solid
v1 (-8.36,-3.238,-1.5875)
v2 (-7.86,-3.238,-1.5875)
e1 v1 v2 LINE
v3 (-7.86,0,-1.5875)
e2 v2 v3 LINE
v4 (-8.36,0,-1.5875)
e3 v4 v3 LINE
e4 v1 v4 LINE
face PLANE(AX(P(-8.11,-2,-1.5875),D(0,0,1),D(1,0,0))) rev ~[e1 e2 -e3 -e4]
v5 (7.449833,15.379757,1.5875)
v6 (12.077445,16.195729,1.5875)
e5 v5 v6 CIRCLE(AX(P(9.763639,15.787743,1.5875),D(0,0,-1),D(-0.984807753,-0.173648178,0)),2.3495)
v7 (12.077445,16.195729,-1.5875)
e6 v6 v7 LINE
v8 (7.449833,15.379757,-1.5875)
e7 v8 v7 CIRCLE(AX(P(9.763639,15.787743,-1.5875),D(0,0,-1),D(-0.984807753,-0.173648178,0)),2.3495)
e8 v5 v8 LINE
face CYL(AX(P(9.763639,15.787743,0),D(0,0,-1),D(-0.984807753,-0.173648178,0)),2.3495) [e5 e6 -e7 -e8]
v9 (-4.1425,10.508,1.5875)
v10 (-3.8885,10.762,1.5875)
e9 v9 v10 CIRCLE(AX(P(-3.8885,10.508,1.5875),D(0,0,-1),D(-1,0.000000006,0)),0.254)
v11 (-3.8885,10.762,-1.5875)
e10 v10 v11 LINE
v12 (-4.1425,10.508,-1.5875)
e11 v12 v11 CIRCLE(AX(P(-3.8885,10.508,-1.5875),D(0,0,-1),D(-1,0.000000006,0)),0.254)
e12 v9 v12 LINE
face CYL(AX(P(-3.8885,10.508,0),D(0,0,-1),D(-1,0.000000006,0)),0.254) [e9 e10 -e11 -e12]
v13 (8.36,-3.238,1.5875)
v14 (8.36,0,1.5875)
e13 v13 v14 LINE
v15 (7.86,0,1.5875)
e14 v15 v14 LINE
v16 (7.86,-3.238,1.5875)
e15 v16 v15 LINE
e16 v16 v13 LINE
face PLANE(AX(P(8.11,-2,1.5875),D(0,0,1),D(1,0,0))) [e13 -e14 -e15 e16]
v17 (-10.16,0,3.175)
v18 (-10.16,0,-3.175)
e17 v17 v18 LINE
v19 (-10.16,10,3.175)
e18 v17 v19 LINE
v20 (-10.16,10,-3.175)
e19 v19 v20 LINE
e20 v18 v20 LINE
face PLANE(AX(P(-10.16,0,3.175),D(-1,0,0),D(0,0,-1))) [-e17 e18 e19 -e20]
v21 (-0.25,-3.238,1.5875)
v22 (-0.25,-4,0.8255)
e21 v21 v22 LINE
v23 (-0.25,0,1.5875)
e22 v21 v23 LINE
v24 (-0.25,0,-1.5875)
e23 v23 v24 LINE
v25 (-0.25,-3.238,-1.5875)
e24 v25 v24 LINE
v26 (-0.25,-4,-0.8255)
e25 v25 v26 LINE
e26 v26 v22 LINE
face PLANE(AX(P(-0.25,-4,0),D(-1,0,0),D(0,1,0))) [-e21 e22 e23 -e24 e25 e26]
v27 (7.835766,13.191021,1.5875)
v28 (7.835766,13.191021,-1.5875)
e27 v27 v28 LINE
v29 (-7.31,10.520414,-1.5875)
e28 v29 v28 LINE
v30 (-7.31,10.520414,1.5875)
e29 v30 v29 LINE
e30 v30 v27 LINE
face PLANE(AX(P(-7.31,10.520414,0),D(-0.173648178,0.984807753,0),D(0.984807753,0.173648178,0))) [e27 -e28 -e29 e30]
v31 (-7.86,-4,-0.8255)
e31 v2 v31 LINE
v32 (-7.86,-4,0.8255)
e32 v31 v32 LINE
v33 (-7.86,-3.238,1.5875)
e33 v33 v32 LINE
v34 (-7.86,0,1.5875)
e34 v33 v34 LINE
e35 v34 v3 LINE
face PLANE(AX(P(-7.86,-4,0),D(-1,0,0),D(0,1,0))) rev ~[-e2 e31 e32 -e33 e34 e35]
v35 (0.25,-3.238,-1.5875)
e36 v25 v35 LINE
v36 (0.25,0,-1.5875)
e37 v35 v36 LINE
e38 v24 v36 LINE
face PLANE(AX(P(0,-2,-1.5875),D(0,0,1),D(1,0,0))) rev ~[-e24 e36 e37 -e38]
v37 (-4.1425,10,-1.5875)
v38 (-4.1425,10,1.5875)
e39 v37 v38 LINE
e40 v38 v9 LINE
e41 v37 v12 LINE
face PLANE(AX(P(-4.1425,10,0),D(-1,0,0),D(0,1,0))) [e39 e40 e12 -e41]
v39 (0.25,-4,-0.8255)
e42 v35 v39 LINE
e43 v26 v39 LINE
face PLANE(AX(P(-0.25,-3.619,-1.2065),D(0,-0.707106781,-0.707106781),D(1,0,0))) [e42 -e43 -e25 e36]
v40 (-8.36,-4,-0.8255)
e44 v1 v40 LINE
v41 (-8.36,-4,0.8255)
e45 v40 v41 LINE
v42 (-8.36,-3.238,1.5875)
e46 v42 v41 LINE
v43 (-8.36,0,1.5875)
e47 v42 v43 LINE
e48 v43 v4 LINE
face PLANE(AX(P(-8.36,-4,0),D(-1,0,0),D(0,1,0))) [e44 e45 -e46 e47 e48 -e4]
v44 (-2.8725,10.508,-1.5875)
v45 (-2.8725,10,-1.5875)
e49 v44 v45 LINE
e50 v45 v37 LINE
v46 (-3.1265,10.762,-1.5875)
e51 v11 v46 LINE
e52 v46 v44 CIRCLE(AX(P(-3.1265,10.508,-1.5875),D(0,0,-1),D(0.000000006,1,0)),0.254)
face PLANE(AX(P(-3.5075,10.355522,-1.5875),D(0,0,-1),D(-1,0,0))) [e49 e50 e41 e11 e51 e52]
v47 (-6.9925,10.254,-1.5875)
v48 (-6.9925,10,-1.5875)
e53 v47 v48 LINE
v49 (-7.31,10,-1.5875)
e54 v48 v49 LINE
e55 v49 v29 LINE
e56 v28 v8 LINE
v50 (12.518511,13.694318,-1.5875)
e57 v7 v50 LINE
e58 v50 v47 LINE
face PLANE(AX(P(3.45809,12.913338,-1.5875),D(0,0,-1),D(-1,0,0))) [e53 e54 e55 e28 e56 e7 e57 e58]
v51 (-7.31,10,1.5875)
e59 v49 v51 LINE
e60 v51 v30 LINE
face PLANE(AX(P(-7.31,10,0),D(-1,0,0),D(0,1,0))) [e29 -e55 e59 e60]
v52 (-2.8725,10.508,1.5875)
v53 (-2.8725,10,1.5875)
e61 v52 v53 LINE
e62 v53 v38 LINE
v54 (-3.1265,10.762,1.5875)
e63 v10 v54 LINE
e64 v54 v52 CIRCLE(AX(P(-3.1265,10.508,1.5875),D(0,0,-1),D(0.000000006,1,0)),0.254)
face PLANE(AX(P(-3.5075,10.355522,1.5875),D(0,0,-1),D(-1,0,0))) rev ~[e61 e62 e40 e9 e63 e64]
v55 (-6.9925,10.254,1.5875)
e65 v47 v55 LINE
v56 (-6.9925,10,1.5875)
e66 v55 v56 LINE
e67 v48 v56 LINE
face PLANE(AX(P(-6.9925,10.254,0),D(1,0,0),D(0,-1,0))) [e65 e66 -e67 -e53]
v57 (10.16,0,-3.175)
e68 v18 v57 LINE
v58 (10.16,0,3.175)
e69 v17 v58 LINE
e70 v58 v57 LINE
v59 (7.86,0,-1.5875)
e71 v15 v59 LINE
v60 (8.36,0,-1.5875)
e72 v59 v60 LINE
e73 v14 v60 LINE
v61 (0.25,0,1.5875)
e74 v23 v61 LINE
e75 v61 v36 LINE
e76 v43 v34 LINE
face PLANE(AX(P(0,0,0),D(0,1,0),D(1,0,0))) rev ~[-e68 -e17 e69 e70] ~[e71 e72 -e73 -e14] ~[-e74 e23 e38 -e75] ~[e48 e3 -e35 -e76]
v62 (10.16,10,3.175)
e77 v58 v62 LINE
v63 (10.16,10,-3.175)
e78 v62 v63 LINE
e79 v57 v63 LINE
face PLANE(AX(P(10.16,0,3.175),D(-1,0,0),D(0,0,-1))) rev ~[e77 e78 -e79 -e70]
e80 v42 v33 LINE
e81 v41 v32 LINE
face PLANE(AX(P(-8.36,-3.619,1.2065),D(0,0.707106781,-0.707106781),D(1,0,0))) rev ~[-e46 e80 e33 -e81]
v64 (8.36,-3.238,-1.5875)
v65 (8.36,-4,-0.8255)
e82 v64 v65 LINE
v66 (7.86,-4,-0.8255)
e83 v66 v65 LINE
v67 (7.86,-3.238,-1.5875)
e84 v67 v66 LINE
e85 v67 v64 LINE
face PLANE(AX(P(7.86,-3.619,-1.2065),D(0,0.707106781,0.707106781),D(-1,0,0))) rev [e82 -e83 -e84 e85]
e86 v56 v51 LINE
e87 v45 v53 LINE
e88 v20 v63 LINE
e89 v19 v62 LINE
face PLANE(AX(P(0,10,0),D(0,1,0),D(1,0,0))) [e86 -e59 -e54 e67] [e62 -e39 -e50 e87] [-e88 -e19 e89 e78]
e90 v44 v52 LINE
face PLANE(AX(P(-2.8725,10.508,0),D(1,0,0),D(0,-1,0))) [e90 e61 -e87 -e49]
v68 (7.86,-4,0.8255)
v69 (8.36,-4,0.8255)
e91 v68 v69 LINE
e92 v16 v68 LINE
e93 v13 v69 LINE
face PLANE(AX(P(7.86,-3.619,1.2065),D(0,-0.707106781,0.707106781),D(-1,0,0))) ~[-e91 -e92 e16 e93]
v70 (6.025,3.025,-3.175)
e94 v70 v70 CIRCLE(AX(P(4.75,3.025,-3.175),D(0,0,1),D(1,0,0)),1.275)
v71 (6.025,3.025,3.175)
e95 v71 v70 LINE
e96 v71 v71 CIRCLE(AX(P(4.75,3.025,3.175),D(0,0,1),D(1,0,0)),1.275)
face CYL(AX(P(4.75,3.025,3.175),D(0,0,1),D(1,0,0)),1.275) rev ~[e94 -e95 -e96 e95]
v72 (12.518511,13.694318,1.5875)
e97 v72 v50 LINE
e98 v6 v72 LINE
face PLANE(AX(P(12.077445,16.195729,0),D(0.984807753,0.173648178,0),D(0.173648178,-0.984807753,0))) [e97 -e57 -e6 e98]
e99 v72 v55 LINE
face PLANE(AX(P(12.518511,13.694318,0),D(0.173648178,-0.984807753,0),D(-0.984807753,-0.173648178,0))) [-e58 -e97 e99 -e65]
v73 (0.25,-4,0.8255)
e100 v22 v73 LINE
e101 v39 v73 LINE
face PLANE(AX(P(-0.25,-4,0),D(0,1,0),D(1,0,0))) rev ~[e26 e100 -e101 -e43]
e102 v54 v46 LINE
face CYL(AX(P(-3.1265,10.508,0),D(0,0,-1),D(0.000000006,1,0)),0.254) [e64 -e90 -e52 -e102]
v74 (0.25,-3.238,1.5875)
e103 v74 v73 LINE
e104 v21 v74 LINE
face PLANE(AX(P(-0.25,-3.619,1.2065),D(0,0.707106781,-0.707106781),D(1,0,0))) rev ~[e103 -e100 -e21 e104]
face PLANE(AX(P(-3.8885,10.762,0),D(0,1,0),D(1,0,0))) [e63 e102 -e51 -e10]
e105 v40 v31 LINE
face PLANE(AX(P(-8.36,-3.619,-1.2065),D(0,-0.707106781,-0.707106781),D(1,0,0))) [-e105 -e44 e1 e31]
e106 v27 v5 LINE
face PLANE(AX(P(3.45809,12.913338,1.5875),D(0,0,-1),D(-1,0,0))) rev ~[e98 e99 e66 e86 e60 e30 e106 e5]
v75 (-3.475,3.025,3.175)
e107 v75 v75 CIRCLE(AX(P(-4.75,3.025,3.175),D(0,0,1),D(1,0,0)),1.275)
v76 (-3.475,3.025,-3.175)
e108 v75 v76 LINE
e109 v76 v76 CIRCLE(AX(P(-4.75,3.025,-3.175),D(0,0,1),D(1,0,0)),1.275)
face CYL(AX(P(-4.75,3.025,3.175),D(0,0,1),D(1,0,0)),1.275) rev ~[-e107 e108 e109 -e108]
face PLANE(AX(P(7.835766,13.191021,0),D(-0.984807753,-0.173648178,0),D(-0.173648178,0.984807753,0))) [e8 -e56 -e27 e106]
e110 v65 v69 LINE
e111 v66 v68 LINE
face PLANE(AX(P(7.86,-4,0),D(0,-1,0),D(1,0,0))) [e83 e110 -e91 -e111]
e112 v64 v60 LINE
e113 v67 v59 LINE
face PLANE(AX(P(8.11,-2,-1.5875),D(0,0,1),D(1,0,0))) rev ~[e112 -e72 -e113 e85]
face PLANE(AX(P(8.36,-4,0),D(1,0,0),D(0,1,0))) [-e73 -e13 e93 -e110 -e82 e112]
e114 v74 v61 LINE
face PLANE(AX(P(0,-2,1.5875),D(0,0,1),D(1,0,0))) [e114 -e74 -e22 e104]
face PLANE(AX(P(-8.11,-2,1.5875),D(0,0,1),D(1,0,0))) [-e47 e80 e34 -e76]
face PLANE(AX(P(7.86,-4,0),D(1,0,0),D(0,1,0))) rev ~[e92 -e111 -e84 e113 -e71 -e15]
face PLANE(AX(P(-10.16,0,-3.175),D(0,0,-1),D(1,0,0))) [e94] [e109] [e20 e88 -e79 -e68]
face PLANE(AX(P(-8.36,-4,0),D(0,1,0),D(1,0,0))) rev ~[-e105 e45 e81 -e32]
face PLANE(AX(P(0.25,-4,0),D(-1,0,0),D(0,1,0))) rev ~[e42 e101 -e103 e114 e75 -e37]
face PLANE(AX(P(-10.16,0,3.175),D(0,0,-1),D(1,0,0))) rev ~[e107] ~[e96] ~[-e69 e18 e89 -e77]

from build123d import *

# Parameters (mm, degrees)
SKETCH1_W           = 20.32
SKETCH1_H           = 6.35
BOSS_EXTRUDE1_DEPTH = 10
SKETCH2_W           = 0.5
SKETCH2_H           = 4
BOSS_EXTRUDE2_DEPTH = 1.5875
CHAMFER1_SIZE       = 0.762
SKETCH3_R           = 1.275
CUT_EXTRUDE1_DEPTH  = 23.934585372


with BuildPart() as part:
    # Sketch1 → Boss-Extrude1 (new body)
    with BuildSketch(Plane(origin=(0, 0, 0), x_dir=(1, 0, 0), z_dir=(0, 1, 0))):
        Rectangle(SKETCH1_W, SKETCH1_H)
    extrude(amount=BOSS_EXTRUDE1_DEPTH)

    # Sketch2 → Boss-Extrude2 (add, symmetric)
    with BuildSketch(Plane.XY):
        with BuildLine():
            Line((-4.1425, 10), (-4.1425, 10.508))
            ThreePointArc((-4.1425, 10.508), (-4.068105122, 10.687605122), (-3.8885, 10.762))
            Line((-3.8885, 10.762), (-3.1265, 10.762))
            ThreePointArc((-3.1265, 10.762), (-2.946894878, 10.687605122), (-2.8725, 10.508))
            Line((-2.8725, 10.508), (-2.8725, 10))
            Line((-2.8725, 10), (-4.1425, 10))
        make_face()
        with BuildLine():
            Line((-7.31, 10), (-7.31, 10.520414133))
            Line((-7.31, 10.520414133), (7.835766275, 13.191021371))
            Line((7.835766275, 13.191021371), (7.4498332, 15.379756602))
            ThreePointArc((7.4498332, 15.379756602), (9.355652622, 18.101548811), (12.077444831, 16.195729389))
            Line((12.077444831, 16.195729389), (12.518511203, 13.694317696))
            Line((12.518511203, 13.694317696), (-6.9925, 10.254))
            Line((-6.9925, 10.254), (-6.9925, 10))
            Line((-6.9925, 10), (-7.31, 10))
        make_face()
        with Locations((-8.11, -2)):
            Rectangle(SKETCH2_W, SKETCH2_H)
        with Locations((0, -2)):
            Rectangle(SKETCH2_W, SKETCH2_H)
        with Locations((8.11, -2)):
            Rectangle(SKETCH2_W, SKETCH2_H)
    extrude(amount=BOSS_EXTRUDE2_DEPTH, both=True)

    # Chamfer1
    chamfer1_edges = [part.edges().sort_by_distance(p)[0] for p in [
        (-8.11, -4, -1.5875),
        (-8.11, -4, 1.5875),
        (0, -4, -1.5875),
        (0, -4, 1.5875),
        (8.11, -4, -1.5875),
        (8.11, -4, 1.5875),
    ]]
    chamfer(chamfer1_edges, length=CHAMFER1_SIZE)

    # Sketch3 → Cut-Extrude1 (cut, through all)
    with BuildSketch(Plane.XY.offset(3.175)):
        with Locations((-4.75, 3.025)):
            Circle(SKETCH3_R)
        with Locations((4.75, 3.025)):
            Circle(SKETCH3_R)
    extrude(amount=-CUT_EXTRUDE1_DEPTH, mode=Mode.SUBTRACT)


solid = part.part
